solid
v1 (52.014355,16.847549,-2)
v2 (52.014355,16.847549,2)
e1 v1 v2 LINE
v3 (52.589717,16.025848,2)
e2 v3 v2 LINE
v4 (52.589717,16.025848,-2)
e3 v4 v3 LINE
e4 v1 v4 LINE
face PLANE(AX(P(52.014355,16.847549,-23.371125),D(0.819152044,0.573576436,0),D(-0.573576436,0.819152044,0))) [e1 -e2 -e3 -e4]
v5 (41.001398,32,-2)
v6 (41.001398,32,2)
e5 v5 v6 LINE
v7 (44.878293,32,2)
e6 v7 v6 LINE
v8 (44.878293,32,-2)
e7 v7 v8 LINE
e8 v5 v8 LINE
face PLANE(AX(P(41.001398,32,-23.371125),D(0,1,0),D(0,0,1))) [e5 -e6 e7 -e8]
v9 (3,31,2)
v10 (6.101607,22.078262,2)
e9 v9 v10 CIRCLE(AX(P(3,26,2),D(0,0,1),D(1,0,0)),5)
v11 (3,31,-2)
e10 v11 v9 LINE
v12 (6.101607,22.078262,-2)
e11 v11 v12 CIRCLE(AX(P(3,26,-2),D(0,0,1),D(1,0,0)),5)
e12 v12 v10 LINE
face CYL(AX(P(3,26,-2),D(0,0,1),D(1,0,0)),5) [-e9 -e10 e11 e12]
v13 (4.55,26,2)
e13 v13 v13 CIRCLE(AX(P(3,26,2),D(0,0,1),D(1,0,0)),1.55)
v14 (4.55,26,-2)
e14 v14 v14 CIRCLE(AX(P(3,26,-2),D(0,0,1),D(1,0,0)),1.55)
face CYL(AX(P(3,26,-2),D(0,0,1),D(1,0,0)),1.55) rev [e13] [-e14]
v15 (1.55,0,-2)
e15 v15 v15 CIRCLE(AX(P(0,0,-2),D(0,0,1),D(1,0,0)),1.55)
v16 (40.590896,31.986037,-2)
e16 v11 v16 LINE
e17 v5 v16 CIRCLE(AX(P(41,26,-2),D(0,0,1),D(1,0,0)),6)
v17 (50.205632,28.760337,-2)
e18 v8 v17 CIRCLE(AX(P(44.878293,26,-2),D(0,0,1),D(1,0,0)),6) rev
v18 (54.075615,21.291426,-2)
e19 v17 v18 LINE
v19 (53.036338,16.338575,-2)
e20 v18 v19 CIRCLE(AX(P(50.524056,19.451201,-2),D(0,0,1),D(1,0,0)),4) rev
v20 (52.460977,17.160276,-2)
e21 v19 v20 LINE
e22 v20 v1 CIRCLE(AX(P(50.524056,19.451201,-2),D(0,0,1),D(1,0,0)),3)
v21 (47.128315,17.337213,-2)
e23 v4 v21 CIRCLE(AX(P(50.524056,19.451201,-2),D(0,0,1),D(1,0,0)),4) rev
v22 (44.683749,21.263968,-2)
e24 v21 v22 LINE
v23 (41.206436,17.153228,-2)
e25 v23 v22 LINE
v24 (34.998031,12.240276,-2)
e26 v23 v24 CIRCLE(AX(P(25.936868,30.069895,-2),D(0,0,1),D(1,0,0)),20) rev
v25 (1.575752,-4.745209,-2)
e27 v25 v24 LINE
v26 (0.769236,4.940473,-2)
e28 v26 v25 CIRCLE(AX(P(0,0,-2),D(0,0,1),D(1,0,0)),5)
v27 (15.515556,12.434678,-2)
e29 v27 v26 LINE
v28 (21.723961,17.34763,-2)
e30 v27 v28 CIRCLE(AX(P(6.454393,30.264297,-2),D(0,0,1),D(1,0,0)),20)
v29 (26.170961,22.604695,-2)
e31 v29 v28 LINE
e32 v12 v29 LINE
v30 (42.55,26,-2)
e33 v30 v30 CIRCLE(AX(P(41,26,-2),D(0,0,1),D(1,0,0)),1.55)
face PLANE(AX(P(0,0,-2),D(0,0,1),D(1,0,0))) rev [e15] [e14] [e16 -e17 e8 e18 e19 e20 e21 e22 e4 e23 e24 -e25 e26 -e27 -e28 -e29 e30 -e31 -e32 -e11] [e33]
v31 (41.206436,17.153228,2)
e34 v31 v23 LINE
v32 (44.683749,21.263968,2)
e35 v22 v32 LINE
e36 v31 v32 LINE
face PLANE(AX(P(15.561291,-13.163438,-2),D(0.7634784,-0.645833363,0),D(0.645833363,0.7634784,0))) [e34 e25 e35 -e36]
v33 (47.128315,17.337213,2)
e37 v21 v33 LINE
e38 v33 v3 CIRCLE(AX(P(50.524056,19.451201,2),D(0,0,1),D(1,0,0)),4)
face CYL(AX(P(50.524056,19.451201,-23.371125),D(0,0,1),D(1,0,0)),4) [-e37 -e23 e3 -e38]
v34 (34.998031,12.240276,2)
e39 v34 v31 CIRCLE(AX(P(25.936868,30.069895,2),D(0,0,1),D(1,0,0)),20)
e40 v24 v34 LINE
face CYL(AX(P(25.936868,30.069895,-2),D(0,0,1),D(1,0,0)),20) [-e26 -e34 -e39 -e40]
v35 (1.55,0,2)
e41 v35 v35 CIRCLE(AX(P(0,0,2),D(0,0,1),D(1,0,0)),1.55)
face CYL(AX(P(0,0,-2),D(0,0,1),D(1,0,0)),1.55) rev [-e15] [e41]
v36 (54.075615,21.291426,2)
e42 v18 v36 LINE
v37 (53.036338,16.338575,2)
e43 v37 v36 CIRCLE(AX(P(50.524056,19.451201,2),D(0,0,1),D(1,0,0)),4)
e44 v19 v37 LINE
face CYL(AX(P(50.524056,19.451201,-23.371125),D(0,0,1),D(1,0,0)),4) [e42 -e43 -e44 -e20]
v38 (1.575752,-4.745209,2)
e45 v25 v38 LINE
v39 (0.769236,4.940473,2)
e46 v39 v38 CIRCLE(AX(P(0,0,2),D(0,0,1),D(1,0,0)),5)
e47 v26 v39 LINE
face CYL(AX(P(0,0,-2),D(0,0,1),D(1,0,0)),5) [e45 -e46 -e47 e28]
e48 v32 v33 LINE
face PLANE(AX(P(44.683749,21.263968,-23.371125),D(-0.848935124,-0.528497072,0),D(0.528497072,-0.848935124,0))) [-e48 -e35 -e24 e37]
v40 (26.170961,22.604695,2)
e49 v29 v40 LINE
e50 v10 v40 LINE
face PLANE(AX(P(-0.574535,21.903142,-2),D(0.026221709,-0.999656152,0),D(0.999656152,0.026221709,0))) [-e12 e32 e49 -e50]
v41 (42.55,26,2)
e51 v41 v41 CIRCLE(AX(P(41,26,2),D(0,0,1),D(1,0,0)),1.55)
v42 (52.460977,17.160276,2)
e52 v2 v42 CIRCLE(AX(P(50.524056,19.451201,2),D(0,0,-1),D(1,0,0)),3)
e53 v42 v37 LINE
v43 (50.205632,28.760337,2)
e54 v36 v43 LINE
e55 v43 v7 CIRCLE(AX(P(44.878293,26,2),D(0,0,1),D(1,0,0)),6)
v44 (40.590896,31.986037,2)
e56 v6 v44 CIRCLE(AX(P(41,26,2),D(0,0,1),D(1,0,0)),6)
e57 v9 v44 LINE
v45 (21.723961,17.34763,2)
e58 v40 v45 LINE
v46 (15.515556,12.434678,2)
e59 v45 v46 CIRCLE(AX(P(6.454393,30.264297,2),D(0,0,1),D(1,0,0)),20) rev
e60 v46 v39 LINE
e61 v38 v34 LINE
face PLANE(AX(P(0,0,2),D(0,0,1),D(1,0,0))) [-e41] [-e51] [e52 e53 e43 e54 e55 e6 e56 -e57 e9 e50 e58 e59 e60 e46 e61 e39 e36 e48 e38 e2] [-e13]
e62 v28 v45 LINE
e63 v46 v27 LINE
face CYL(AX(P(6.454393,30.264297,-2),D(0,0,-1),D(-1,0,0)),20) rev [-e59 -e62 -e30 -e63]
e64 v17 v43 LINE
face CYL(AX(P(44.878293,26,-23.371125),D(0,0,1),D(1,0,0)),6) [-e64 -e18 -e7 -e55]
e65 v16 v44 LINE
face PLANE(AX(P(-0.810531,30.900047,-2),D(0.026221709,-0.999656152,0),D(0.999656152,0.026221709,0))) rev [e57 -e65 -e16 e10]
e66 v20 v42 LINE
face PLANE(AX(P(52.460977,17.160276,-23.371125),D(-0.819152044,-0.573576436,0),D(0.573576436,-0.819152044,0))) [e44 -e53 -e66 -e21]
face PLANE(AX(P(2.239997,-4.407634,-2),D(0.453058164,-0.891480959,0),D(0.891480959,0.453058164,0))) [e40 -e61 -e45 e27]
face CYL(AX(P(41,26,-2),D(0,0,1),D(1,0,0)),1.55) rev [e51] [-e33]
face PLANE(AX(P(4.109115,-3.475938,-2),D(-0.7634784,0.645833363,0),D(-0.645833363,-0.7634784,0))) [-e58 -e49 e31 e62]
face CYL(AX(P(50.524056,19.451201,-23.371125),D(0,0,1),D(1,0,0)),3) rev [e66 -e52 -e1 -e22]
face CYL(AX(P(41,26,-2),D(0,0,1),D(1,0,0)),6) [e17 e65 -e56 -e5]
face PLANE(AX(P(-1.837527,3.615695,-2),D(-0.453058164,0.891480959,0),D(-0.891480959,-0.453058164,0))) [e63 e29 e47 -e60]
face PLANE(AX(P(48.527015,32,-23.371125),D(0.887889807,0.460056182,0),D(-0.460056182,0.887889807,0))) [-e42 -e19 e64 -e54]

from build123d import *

# Parameters (mm, degrees)
BOSS_EXTRUDE1_DEPTH      = 2
BOSS_EXTRUDE1_DEPTH_BACK = 2
SKETCH2_R                = 1.55
FILLET1_R                = 20
BOSS_EXTRUDE3_START      = -4
BOSS_EXTRUDE3_DEPTH      = 4
FILLET3_R                = 6


with BuildPart() as part:
    # Sketch2 → Boss-Extrude1 (new, two sides: drawn at the far end of the back side and taken through both)
    with BuildSketch(Plane.XY.offset(-BOSS_EXTRUDE1_DEPTH_BACK)):
        with BuildLine():
            Line((1.575752274, -4.745208612), (38.598254294, 14.069940073))
            Line((38.598254294, 14.069940073), (44.683748534, 21.26396825))
            ThreePointArc((44.683748534, 21.26396825), (46.605489471, 28.139740122), (40.590896347, 31.986036602))
            Line((40.590896347, 31.986036602), (3, 31))
            ThreePointArc((3, 31), (-1.722747684, 24.35815521), (6.101607472, 22.078261726))
            Line((6.101607472, 22.078261726), (26.170960727, 22.604695486))
            Line((26.170960727, 22.604695486), (19.115779569, 14.264342174))
            Line((19.115779569, 14.264342174), (0.76923556, 4.940473323))
            ThreePointArc((0.76923556, 4.940473323), (-4.982755324, -0.41490888), (1.575752274, -4.745208612))
        make_face()
        Circle(SKETCH2_R, mode=Mode.SUBTRACT)
        with Locations((41, 26)):
            Circle(SKETCH2_R, mode=Mode.SUBTRACT)
        with Locations((3, 26)):
            Circle(SKETCH2_R, mode=Mode.SUBTRACT)
    extrude(amount=BOSS_EXTRUDE1_DEPTH + BOSS_EXTRUDE1_DEPTH_BACK)

    # Fillet1
    fillet1_edges = [part.edges().sort_by_distance(p)[0] for p in [
        (38.598254294, 14.069940073, 0),
        (19.115779569, 14.264342174, 0),
    ]]
    fillet(fillet1_edges, radius=FILLET1_R)

    # Sketch4 → Boss-Extrude3 (add)
    with BuildSketch(Plane.XY.offset(2).offset(BOSS_EXTRUDE3_START)):
        with BuildLine():
            Line((44.683748534, 21.26396825), (47.128315366, 17.33721301))
            ThreePointArc((47.128315366, 17.33721301), (49.590140611, 15.561753741), (52.589716544, 16.025847893))
            Line((52.589716544, 16.025847893), (52.014355474, 16.847548658))
            ThreePointArc((52.014355474, 16.847548658), (48.803326553, 21.908657431), (52.460976548, 17.160276102))
            Line((52.460976548, 17.160276102), (53.036337618, 16.338575336))
            ThreePointArc((53.036337618, 16.338575336), (54.438800344, 18.629754015), (54.07561509, 21.291426028))
            Line((54.07561509, 21.291426028), (48.52701486, 31.999999837))
            Line((48.52701486, 31.999999837), (41.001398133, 31.999999837))
            ThreePointArc((41.001398133, 31.999999837), (46.67544448, 27.946620135), (44.683748534, 21.26396825))
        make_face()
    extrude(amount=BOSS_EXTRUDE3_DEPTH)

    # Fillet3
    fillet3_edges = [part.edges().sort_by_distance(p)[0] for p in [
        (48.52701486, 31.999999837, 0),
    ]]
    fillet(fillet3_edges, radius=FILLET3_R)


solid = part.part
